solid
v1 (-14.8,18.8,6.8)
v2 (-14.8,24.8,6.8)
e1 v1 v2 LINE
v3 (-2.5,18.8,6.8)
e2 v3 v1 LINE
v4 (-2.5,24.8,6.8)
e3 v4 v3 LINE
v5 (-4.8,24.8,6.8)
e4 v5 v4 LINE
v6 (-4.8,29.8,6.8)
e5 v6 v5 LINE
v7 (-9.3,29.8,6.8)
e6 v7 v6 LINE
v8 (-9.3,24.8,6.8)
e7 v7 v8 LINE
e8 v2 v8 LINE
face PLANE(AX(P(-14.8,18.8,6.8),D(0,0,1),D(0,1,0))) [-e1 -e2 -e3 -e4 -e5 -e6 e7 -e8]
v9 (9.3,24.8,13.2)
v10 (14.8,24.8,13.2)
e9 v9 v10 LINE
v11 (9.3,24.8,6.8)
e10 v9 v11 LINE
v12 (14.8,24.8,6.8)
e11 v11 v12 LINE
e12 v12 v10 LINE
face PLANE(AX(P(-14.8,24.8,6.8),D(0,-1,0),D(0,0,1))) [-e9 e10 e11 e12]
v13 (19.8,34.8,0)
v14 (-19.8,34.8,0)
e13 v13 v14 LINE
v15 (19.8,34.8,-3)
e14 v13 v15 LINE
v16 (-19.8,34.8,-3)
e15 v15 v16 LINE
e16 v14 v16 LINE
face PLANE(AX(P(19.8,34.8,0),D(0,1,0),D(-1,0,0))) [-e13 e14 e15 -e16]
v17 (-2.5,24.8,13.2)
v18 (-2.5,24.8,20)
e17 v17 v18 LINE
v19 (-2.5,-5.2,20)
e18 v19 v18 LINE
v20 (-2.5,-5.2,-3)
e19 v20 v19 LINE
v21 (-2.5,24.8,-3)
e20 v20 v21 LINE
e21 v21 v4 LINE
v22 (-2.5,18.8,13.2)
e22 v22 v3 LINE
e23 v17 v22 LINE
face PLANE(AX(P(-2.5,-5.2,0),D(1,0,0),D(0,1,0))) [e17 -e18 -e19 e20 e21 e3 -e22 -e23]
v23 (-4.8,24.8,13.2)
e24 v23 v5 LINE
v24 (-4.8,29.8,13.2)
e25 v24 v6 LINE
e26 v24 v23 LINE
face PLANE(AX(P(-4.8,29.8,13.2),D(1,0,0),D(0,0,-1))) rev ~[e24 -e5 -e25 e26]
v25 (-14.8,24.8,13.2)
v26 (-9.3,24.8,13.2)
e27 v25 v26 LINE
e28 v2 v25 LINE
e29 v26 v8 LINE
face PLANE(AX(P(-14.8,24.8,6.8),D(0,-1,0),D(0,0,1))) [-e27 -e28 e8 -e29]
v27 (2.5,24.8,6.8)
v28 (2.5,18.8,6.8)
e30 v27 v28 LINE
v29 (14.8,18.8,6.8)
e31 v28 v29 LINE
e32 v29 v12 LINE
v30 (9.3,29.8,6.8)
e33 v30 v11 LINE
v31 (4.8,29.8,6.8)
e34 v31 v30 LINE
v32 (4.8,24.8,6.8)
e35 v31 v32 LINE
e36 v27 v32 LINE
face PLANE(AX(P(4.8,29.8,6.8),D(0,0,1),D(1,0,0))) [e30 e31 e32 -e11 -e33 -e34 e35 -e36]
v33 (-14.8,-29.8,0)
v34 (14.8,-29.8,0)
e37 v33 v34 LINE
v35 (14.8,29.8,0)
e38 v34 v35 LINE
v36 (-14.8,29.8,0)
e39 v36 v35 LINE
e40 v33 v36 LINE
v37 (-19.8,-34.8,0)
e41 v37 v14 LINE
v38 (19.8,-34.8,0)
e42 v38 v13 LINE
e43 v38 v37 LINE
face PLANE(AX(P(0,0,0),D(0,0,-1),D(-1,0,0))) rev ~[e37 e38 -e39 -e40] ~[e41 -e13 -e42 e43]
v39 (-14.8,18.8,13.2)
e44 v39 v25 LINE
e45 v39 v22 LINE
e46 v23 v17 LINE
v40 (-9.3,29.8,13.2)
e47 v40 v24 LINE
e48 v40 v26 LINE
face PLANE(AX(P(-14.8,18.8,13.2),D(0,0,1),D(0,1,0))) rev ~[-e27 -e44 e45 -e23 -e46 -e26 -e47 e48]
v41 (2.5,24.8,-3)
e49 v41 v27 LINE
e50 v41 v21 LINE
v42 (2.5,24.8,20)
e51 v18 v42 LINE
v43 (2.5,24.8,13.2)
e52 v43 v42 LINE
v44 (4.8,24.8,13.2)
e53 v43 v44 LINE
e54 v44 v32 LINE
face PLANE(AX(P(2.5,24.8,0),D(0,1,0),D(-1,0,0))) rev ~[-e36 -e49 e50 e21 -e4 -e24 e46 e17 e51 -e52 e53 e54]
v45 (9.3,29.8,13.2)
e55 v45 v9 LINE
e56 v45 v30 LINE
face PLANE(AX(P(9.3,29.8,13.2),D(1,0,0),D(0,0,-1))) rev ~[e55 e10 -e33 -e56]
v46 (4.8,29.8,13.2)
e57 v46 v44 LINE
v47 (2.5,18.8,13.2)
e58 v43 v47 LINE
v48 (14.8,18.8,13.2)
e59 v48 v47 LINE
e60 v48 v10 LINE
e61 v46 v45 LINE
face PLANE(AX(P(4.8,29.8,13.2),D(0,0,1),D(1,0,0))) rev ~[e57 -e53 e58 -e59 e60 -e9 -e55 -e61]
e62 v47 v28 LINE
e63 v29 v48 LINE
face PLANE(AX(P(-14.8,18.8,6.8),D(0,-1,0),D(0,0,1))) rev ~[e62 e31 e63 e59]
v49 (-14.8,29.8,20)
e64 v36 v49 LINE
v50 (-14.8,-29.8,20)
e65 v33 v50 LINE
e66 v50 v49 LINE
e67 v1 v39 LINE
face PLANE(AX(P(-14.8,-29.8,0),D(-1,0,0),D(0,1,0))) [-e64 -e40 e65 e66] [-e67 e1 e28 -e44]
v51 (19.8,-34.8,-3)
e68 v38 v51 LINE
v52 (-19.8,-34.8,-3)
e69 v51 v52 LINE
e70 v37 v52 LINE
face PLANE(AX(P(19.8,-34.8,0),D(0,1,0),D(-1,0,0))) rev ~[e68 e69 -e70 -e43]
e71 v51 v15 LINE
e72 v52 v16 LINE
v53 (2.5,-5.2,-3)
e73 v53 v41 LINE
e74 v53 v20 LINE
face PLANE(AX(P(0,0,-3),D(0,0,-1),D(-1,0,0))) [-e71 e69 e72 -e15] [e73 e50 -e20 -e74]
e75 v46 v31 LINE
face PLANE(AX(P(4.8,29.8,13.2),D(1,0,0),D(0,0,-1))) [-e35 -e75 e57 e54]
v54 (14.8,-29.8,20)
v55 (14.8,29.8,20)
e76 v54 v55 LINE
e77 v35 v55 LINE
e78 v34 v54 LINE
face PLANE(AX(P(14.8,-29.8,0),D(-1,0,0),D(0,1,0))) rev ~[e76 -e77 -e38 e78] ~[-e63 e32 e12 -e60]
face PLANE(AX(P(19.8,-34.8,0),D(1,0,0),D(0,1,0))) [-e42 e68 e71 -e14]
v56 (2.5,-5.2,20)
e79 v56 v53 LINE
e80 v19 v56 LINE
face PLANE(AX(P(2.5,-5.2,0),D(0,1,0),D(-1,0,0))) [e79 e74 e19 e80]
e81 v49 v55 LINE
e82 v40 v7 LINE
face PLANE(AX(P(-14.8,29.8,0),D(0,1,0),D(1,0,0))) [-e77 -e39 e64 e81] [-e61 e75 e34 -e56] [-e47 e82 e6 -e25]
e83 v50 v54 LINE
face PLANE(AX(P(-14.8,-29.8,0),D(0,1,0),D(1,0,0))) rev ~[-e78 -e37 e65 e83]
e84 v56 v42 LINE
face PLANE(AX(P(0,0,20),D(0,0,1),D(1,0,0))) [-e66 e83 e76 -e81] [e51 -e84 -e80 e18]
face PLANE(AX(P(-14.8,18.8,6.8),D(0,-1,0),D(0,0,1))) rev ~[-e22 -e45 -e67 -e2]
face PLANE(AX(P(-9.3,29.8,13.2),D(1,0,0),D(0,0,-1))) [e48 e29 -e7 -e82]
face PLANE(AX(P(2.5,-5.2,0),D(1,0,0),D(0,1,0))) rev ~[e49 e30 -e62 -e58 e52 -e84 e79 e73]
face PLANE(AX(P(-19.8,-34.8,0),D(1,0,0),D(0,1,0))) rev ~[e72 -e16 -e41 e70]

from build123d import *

# Parameters (mm, degrees)
SKETCH_1_W          = 29.6
SKETCH_1_H          = 59.6
SKETCH_1_W_2        = 5
SKETCH_1_H_2        = 30
EXTRUDE_1_DEPTH     = 20
SKETCH_2_W          = 39.6
SKETCH_2_H          = 69.6
SKETCH_2_W_2        = 5
SKETCH_2_H_2        = 30
EXTRUDE_2_DEPTH     = 3
SKETCH_3_W          = 4.5
SKETCH_3_H          = 6.4
CUT_EXTRUDE_1_DEPTH = 11
SKETCH_5_W          = 6.4
SKETCH_5_H          = 6
CUT_EXTRUDE_2_DEPTH = 35.6


with BuildPart() as part:
    # 스케치1 → 보스-돌출1 (new body)
    with BuildSketch(Plane.XY):
        Rectangle(SKETCH_1_W, SKETCH_1_H)
        with Locations((0, 9.8)):
            Rectangle(SKETCH_1_W_2, SKETCH_1_H_2, mode=Mode.SUBTRACT)
    extrude(amount=EXTRUDE_1_DEPTH)

    # 스케치2 → 보스-돌출2 (add)
    with BuildSketch(Plane(origin=(0, 0, 0), x_dir=(-1, 0, 0), z_dir=(0, 0, -1))):
        Rectangle(SKETCH_2_W, SKETCH_2_H)
        with Locations((0, 9.8)):
            Rectangle(SKETCH_2_W_2, SKETCH_2_H_2, mode=Mode.SUBTRACT)
    extrude(amount=EXTRUDE_2_DEPTH)

    # 스케치3 → 컷-돌출1 (cut)
    with BuildSketch(Plane(origin=(0, 29.8, 0), x_dir=(1, 0, 0), z_dir=(0, 1, 0))):
        with Locations((-7.05, -10)):
            Rectangle(SKETCH_3_W, SKETCH_3_H)
        with Locations((7.05, -10)):
            Rectangle(SKETCH_3_W, SKETCH_3_H)
    extrude(amount=-CUT_EXTRUDE_1_DEPTH, mode=Mode.SUBTRACT)

    # 스케치5 → 컷-돌출2 (cut, through all)
    with BuildSketch(Plane.ZY.offset(14.8)):
        with Locations((10, 21.8)):
            Rectangle(SKETCH_5_W, SKETCH_5_H)
    extrude(amount=-CUT_EXTRUDE_2_DEPTH, mode=Mode.SUBTRACT)


solid = part.part
